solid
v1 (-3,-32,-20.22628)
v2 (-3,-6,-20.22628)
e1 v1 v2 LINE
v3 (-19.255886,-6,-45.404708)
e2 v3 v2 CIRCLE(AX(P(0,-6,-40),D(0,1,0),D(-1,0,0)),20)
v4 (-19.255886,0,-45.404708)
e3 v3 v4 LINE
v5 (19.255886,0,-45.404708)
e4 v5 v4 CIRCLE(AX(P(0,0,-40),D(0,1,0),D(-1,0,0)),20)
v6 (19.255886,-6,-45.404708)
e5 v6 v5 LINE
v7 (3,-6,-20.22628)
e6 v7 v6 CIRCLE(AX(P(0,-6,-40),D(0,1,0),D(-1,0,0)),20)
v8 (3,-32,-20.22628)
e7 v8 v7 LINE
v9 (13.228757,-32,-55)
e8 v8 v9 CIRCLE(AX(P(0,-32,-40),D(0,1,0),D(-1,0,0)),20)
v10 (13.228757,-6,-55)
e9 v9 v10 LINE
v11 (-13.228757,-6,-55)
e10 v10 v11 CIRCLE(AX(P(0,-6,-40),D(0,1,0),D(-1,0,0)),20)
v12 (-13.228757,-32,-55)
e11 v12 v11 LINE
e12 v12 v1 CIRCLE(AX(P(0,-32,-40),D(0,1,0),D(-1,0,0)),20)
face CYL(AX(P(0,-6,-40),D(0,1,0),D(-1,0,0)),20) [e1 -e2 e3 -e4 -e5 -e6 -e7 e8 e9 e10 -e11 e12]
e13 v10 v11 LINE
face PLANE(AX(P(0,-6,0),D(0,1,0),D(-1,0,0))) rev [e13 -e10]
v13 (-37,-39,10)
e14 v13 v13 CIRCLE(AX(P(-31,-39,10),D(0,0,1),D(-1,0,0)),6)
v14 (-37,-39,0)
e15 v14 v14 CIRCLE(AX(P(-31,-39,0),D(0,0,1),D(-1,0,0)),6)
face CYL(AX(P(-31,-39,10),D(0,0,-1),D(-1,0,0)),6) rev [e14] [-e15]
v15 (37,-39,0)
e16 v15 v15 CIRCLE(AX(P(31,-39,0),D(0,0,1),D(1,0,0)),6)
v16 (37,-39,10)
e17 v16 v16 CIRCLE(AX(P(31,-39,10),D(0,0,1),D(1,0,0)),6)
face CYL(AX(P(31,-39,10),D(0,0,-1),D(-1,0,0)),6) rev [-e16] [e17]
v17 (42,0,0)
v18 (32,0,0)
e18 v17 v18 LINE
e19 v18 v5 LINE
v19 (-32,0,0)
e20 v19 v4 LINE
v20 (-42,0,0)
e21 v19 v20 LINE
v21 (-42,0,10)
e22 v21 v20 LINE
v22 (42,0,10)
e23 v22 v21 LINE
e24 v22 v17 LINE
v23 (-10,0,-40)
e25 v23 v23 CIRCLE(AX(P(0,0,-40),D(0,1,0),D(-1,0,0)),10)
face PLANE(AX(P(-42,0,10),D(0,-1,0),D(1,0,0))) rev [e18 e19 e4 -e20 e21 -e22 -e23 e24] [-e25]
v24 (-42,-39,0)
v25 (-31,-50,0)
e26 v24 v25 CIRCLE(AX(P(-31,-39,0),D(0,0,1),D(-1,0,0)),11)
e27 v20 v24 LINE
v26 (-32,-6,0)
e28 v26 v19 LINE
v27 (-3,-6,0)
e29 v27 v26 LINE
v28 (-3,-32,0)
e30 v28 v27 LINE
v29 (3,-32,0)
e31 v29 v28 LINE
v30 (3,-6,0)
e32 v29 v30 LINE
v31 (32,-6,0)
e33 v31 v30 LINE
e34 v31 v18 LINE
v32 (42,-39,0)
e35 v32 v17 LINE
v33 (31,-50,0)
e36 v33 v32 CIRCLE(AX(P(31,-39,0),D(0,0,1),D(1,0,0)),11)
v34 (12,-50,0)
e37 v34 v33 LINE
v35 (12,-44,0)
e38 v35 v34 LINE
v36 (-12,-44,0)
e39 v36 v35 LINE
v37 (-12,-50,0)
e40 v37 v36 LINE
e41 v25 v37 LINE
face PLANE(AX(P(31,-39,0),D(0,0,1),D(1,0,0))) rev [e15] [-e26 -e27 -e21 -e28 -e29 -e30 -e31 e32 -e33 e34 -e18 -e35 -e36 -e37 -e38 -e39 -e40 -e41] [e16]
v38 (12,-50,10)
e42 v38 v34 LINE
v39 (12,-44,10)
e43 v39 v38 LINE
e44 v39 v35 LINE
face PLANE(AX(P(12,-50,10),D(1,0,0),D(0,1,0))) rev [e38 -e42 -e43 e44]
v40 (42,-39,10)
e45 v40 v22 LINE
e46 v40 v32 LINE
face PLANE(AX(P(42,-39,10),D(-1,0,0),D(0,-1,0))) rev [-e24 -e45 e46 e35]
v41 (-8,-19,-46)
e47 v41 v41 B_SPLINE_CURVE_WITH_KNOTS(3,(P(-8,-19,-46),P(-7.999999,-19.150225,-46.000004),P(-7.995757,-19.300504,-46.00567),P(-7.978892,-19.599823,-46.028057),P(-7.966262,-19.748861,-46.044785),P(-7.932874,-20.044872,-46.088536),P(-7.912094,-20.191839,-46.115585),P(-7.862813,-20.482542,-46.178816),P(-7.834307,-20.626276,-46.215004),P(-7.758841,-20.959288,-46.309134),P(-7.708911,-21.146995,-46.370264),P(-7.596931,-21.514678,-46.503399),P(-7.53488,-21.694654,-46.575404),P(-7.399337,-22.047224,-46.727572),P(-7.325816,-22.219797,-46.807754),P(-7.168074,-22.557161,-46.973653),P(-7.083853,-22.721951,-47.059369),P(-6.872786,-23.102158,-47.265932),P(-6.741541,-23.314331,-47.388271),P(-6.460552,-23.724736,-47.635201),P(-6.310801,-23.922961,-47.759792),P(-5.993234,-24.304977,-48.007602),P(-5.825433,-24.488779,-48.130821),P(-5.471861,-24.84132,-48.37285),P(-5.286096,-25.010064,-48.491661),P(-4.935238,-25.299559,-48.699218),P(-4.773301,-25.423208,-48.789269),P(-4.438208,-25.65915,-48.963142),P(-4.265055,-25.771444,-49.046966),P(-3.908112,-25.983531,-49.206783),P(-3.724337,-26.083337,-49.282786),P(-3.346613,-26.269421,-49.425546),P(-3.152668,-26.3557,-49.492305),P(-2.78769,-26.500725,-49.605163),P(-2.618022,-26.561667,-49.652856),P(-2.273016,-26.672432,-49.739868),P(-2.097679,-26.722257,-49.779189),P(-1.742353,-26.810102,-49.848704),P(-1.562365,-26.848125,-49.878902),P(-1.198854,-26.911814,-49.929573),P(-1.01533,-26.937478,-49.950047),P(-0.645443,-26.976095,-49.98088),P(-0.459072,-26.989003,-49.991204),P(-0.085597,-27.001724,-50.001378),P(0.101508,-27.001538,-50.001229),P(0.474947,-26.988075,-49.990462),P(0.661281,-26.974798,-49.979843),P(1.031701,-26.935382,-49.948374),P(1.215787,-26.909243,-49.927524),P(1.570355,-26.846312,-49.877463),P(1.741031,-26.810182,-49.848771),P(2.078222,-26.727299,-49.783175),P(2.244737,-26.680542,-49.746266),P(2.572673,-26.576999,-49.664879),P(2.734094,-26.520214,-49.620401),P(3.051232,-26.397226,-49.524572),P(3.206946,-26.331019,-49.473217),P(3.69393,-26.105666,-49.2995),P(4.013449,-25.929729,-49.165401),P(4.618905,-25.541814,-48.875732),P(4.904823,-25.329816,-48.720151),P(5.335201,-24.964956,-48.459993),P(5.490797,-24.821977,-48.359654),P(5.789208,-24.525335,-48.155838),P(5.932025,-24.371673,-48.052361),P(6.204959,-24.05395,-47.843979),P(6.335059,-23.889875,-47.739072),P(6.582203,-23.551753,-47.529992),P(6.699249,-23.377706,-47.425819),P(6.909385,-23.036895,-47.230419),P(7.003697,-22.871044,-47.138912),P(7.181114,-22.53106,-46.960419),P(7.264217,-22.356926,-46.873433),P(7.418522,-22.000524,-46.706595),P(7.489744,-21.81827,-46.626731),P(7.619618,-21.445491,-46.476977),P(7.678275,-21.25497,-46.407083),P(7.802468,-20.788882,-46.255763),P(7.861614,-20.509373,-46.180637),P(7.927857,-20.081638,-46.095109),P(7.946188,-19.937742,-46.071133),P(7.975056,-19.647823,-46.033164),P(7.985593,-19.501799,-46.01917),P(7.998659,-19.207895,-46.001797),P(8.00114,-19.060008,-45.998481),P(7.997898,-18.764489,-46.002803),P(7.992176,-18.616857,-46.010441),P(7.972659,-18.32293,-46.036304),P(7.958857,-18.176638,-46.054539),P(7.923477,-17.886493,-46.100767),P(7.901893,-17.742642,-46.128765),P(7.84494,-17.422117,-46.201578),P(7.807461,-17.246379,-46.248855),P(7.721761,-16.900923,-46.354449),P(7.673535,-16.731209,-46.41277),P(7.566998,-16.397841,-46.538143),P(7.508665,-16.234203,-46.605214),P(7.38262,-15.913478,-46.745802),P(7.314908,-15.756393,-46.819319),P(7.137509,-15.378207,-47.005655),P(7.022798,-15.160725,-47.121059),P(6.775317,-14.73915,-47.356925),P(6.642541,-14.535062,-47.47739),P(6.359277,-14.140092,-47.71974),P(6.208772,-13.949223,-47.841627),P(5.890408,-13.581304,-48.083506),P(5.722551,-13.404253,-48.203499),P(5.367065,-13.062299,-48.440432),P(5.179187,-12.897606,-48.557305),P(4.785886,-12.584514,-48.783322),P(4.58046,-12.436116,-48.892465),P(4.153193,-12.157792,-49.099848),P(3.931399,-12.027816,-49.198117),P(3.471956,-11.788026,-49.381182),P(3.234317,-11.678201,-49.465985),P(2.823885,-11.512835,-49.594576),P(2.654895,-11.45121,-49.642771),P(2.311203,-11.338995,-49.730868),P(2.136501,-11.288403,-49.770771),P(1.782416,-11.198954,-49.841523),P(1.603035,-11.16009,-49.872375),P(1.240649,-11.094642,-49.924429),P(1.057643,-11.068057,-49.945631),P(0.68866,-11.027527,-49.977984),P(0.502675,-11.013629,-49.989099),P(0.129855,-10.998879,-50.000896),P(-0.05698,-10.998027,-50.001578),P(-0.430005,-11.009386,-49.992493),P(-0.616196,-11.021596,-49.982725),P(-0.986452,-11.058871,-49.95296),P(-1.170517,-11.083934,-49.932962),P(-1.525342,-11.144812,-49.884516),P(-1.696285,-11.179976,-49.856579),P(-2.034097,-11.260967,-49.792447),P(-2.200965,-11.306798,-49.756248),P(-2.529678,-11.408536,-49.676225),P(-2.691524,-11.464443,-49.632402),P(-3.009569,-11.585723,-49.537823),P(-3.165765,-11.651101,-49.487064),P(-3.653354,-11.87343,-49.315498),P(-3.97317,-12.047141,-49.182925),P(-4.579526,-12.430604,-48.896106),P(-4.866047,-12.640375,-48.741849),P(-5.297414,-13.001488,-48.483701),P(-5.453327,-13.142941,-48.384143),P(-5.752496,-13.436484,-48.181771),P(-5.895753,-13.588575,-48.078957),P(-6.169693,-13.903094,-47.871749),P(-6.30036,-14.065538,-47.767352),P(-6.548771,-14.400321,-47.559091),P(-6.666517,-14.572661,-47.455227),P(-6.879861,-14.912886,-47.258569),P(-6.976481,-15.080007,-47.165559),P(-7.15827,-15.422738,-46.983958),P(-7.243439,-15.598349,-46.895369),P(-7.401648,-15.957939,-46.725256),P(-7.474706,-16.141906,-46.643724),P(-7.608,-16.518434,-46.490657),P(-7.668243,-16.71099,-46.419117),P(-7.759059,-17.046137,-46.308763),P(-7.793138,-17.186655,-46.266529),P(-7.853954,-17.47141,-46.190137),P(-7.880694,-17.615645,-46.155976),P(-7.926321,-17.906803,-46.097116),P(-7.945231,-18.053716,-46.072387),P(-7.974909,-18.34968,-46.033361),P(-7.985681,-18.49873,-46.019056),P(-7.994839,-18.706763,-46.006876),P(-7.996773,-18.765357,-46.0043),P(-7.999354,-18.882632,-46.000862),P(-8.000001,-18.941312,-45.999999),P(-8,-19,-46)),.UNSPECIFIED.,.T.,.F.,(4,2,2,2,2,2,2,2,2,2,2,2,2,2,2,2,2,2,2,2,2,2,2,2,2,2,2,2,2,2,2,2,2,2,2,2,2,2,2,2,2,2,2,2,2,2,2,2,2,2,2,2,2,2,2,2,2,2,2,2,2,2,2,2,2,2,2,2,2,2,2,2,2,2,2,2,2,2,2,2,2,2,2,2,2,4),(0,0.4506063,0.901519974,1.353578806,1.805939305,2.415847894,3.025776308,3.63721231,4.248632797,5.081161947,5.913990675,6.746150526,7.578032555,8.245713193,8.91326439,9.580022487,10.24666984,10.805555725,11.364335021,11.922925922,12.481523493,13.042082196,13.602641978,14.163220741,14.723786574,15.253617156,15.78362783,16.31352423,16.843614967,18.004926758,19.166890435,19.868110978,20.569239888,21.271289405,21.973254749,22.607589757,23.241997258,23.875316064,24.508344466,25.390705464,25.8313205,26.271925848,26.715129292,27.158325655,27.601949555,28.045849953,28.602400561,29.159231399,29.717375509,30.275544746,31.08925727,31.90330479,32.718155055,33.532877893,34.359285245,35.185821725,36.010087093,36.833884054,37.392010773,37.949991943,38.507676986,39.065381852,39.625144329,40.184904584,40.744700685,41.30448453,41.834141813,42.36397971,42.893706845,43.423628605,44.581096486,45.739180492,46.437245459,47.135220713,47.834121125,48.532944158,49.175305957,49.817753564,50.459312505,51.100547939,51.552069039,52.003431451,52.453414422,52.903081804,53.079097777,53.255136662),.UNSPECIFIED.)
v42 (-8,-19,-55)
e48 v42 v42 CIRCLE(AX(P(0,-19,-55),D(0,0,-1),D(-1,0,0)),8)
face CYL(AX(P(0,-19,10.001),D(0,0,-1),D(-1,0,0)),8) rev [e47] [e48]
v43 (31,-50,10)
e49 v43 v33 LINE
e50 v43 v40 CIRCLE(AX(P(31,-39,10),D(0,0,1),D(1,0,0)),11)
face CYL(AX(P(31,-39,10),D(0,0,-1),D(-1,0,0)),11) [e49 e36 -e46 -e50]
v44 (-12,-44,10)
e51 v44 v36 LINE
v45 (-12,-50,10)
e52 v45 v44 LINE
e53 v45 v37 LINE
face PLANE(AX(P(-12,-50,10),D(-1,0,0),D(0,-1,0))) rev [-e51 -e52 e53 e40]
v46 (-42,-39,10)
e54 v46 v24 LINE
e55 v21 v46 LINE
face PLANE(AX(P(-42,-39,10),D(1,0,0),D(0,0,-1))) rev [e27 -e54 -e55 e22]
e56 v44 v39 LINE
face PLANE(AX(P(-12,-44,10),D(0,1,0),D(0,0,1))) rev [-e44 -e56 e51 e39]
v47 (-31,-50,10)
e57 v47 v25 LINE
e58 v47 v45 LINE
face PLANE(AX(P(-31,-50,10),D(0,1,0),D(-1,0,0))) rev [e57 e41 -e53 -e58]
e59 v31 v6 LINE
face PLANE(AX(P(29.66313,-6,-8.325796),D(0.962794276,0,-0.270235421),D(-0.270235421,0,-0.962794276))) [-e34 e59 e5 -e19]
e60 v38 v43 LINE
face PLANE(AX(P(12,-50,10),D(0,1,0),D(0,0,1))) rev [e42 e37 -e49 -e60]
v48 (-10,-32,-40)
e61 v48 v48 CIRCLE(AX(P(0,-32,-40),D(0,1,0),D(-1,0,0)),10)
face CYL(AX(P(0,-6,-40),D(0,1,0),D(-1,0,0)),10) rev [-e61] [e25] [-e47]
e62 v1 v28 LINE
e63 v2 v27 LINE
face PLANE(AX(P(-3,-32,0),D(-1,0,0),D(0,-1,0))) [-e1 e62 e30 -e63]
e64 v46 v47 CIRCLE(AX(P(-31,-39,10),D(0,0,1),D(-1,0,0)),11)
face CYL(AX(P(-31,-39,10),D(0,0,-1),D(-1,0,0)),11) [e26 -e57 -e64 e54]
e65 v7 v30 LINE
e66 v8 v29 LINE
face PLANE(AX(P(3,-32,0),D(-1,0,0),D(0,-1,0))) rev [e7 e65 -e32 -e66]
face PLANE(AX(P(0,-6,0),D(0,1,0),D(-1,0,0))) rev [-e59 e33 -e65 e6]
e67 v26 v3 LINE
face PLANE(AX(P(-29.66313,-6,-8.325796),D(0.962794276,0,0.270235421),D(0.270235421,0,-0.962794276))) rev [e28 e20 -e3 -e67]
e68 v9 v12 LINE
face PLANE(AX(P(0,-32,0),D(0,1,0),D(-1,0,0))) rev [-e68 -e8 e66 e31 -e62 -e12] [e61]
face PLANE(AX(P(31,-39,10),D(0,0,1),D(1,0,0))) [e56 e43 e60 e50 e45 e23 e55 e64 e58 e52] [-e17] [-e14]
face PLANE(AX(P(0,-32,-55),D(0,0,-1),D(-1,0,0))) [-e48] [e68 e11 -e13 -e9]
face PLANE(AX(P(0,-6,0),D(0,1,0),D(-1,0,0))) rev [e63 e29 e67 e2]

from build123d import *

# Parameters (mm, degrees)
SKETCH_1_R               = 6
EXTRUDE_1_DEPTH          = 10
SKETCH_2_R               = 10
EXTRUDE_2_DEPTH          = 6
SKETCH_2_3_R             = 10
EXTRUDE_3_DEPTH          = 32
CUT_EXTRUDE_1_REACH      = 94.136
CUT_EXTRUDE_1_END_RADIUS = 10
SKETCH_3_R               = 8


with BuildPart() as part:
    # 草图1 → 凸台-拉伸1 (new body)
    with BuildSketch(Plane.XY):
        with BuildLine():
            Line((-31, -50), (-12, -50))
            Line((-12, -50), (-12, -44))
            Line((-12, -44), (12, -44))
            Line((12, -44), (12, -50))
            Line((12, -50), (31, -50))
            ThreePointArc((31, -50), (38.778174593, -46.778174593), (42, -39))
            Line((42, -39), (42, 0))
            Line((42, 0), (-42, 0))
            Line((-42, 0), (-42, -39))
            ThreePointArc((-42, -39), (-38.778174593, -46.778174593), (-31, -50))
        make_face()
        with Locations((31, -39)):
            Circle(SKETCH_1_R, mode=Mode.SUBTRACT)
        with Locations(Location((-31, -39, 0), (0, 0, 180))):
            Circle(SKETCH_1_R, mode=Mode.SUBTRACT)
    extrude(amount=EXTRUDE_1_DEPTH)

    # 草图2 → 凸台-拉伸2 (add)
    with BuildSketch(Plane(origin=(0, 0, 0), x_dir=(1, 0, 0), z_dir=(0, 1, 0))):
        with BuildLine():
            Line((32, 0), (19.255885515, 45.404708412))
            ThreePointArc((19.255885515, 45.404708412), (0, 60), (-19.255885515, 45.404708412))
            Line((-19.255885515, 45.404708412), (-32, 0))
            Line((-32, 0), (32, 0))
        make_face()
        with Locations(Location((0, 40, 0), (0, 0, 180))):
            Circle(SKETCH_2_R, mode=Mode.SUBTRACT)
    extrude(amount=-EXTRUDE_2_DEPTH)

    # 草图2<3> → 凸台-拉伸3 (add)
    with BuildSketch(Plane(origin=(0, 0, 0), x_dir=(1, 0, 0), z_dir=(0, 1, 0))):
        with BuildLine():
            ThreePointArc((3, 20.226280067), (16.802363629, 29.151932131), (19.255885515, 45.404708412))
            ThreePointArc((19.255885515, 45.404708412), (16.936067955, 50.638120239), (13.228756555, 55))
            Line((13.228756555, 55), (-13.228756555, 55))
            ThreePointArc((-13.228756555, 55), (-16.936067955, 50.638120239), (-19.255885515, 45.404708412))
            ThreePointArc((-19.255885515, 45.404708412), (-16.802363629, 29.151932131), (-3, 20.226280067))
            Line((-3, 20.226280067), (-3, 0))
            Line((-3, 0), (3, 0))
            Line((3, 0), (3, 20.226280067))
        make_face()
        with Locations(Location((0, 40, 0), (0, 0, 180))):
            Circle(SKETCH_2_3_R, mode=Mode.SUBTRACT)
    extrude(amount=-EXTRUDE_3_DEPTH)

    # 切除-拉伸1: up to this cylinder (the profile starts outside it)
    cut_extrude_1_end = Plane(origin=(0, -19, -40), z_dir=(0, 1, 0)) * Cylinder(CUT_EXTRUDE_1_END_RADIUS, 209.272, mode=Mode.PRIVATE)
    # 草图3 → 切除-拉伸1 (cut, up to the surface)
    with BuildSketch(Plane(origin=(0, 0, -55), x_dir=(-1, 0, 0), z_dir=(0, 0, -1)), mode=Mode.PRIVATE) as cut_extrude_1_sk1:
        with Locations((0, -19)):
            Circle(SKETCH_3_R)
    cut_extrude_1_tool1 = extrude(cut_extrude_1_sk1.sketch, amount=-CUT_EXTRUDE_1_REACH, mode=Mode.PRIVATE) - cut_extrude_1_end
    add(cut_extrude_1_tool1.solids().sort_by_distance((0, -19, -55))[0], mode=Mode.SUBTRACT)


solid = part.part
